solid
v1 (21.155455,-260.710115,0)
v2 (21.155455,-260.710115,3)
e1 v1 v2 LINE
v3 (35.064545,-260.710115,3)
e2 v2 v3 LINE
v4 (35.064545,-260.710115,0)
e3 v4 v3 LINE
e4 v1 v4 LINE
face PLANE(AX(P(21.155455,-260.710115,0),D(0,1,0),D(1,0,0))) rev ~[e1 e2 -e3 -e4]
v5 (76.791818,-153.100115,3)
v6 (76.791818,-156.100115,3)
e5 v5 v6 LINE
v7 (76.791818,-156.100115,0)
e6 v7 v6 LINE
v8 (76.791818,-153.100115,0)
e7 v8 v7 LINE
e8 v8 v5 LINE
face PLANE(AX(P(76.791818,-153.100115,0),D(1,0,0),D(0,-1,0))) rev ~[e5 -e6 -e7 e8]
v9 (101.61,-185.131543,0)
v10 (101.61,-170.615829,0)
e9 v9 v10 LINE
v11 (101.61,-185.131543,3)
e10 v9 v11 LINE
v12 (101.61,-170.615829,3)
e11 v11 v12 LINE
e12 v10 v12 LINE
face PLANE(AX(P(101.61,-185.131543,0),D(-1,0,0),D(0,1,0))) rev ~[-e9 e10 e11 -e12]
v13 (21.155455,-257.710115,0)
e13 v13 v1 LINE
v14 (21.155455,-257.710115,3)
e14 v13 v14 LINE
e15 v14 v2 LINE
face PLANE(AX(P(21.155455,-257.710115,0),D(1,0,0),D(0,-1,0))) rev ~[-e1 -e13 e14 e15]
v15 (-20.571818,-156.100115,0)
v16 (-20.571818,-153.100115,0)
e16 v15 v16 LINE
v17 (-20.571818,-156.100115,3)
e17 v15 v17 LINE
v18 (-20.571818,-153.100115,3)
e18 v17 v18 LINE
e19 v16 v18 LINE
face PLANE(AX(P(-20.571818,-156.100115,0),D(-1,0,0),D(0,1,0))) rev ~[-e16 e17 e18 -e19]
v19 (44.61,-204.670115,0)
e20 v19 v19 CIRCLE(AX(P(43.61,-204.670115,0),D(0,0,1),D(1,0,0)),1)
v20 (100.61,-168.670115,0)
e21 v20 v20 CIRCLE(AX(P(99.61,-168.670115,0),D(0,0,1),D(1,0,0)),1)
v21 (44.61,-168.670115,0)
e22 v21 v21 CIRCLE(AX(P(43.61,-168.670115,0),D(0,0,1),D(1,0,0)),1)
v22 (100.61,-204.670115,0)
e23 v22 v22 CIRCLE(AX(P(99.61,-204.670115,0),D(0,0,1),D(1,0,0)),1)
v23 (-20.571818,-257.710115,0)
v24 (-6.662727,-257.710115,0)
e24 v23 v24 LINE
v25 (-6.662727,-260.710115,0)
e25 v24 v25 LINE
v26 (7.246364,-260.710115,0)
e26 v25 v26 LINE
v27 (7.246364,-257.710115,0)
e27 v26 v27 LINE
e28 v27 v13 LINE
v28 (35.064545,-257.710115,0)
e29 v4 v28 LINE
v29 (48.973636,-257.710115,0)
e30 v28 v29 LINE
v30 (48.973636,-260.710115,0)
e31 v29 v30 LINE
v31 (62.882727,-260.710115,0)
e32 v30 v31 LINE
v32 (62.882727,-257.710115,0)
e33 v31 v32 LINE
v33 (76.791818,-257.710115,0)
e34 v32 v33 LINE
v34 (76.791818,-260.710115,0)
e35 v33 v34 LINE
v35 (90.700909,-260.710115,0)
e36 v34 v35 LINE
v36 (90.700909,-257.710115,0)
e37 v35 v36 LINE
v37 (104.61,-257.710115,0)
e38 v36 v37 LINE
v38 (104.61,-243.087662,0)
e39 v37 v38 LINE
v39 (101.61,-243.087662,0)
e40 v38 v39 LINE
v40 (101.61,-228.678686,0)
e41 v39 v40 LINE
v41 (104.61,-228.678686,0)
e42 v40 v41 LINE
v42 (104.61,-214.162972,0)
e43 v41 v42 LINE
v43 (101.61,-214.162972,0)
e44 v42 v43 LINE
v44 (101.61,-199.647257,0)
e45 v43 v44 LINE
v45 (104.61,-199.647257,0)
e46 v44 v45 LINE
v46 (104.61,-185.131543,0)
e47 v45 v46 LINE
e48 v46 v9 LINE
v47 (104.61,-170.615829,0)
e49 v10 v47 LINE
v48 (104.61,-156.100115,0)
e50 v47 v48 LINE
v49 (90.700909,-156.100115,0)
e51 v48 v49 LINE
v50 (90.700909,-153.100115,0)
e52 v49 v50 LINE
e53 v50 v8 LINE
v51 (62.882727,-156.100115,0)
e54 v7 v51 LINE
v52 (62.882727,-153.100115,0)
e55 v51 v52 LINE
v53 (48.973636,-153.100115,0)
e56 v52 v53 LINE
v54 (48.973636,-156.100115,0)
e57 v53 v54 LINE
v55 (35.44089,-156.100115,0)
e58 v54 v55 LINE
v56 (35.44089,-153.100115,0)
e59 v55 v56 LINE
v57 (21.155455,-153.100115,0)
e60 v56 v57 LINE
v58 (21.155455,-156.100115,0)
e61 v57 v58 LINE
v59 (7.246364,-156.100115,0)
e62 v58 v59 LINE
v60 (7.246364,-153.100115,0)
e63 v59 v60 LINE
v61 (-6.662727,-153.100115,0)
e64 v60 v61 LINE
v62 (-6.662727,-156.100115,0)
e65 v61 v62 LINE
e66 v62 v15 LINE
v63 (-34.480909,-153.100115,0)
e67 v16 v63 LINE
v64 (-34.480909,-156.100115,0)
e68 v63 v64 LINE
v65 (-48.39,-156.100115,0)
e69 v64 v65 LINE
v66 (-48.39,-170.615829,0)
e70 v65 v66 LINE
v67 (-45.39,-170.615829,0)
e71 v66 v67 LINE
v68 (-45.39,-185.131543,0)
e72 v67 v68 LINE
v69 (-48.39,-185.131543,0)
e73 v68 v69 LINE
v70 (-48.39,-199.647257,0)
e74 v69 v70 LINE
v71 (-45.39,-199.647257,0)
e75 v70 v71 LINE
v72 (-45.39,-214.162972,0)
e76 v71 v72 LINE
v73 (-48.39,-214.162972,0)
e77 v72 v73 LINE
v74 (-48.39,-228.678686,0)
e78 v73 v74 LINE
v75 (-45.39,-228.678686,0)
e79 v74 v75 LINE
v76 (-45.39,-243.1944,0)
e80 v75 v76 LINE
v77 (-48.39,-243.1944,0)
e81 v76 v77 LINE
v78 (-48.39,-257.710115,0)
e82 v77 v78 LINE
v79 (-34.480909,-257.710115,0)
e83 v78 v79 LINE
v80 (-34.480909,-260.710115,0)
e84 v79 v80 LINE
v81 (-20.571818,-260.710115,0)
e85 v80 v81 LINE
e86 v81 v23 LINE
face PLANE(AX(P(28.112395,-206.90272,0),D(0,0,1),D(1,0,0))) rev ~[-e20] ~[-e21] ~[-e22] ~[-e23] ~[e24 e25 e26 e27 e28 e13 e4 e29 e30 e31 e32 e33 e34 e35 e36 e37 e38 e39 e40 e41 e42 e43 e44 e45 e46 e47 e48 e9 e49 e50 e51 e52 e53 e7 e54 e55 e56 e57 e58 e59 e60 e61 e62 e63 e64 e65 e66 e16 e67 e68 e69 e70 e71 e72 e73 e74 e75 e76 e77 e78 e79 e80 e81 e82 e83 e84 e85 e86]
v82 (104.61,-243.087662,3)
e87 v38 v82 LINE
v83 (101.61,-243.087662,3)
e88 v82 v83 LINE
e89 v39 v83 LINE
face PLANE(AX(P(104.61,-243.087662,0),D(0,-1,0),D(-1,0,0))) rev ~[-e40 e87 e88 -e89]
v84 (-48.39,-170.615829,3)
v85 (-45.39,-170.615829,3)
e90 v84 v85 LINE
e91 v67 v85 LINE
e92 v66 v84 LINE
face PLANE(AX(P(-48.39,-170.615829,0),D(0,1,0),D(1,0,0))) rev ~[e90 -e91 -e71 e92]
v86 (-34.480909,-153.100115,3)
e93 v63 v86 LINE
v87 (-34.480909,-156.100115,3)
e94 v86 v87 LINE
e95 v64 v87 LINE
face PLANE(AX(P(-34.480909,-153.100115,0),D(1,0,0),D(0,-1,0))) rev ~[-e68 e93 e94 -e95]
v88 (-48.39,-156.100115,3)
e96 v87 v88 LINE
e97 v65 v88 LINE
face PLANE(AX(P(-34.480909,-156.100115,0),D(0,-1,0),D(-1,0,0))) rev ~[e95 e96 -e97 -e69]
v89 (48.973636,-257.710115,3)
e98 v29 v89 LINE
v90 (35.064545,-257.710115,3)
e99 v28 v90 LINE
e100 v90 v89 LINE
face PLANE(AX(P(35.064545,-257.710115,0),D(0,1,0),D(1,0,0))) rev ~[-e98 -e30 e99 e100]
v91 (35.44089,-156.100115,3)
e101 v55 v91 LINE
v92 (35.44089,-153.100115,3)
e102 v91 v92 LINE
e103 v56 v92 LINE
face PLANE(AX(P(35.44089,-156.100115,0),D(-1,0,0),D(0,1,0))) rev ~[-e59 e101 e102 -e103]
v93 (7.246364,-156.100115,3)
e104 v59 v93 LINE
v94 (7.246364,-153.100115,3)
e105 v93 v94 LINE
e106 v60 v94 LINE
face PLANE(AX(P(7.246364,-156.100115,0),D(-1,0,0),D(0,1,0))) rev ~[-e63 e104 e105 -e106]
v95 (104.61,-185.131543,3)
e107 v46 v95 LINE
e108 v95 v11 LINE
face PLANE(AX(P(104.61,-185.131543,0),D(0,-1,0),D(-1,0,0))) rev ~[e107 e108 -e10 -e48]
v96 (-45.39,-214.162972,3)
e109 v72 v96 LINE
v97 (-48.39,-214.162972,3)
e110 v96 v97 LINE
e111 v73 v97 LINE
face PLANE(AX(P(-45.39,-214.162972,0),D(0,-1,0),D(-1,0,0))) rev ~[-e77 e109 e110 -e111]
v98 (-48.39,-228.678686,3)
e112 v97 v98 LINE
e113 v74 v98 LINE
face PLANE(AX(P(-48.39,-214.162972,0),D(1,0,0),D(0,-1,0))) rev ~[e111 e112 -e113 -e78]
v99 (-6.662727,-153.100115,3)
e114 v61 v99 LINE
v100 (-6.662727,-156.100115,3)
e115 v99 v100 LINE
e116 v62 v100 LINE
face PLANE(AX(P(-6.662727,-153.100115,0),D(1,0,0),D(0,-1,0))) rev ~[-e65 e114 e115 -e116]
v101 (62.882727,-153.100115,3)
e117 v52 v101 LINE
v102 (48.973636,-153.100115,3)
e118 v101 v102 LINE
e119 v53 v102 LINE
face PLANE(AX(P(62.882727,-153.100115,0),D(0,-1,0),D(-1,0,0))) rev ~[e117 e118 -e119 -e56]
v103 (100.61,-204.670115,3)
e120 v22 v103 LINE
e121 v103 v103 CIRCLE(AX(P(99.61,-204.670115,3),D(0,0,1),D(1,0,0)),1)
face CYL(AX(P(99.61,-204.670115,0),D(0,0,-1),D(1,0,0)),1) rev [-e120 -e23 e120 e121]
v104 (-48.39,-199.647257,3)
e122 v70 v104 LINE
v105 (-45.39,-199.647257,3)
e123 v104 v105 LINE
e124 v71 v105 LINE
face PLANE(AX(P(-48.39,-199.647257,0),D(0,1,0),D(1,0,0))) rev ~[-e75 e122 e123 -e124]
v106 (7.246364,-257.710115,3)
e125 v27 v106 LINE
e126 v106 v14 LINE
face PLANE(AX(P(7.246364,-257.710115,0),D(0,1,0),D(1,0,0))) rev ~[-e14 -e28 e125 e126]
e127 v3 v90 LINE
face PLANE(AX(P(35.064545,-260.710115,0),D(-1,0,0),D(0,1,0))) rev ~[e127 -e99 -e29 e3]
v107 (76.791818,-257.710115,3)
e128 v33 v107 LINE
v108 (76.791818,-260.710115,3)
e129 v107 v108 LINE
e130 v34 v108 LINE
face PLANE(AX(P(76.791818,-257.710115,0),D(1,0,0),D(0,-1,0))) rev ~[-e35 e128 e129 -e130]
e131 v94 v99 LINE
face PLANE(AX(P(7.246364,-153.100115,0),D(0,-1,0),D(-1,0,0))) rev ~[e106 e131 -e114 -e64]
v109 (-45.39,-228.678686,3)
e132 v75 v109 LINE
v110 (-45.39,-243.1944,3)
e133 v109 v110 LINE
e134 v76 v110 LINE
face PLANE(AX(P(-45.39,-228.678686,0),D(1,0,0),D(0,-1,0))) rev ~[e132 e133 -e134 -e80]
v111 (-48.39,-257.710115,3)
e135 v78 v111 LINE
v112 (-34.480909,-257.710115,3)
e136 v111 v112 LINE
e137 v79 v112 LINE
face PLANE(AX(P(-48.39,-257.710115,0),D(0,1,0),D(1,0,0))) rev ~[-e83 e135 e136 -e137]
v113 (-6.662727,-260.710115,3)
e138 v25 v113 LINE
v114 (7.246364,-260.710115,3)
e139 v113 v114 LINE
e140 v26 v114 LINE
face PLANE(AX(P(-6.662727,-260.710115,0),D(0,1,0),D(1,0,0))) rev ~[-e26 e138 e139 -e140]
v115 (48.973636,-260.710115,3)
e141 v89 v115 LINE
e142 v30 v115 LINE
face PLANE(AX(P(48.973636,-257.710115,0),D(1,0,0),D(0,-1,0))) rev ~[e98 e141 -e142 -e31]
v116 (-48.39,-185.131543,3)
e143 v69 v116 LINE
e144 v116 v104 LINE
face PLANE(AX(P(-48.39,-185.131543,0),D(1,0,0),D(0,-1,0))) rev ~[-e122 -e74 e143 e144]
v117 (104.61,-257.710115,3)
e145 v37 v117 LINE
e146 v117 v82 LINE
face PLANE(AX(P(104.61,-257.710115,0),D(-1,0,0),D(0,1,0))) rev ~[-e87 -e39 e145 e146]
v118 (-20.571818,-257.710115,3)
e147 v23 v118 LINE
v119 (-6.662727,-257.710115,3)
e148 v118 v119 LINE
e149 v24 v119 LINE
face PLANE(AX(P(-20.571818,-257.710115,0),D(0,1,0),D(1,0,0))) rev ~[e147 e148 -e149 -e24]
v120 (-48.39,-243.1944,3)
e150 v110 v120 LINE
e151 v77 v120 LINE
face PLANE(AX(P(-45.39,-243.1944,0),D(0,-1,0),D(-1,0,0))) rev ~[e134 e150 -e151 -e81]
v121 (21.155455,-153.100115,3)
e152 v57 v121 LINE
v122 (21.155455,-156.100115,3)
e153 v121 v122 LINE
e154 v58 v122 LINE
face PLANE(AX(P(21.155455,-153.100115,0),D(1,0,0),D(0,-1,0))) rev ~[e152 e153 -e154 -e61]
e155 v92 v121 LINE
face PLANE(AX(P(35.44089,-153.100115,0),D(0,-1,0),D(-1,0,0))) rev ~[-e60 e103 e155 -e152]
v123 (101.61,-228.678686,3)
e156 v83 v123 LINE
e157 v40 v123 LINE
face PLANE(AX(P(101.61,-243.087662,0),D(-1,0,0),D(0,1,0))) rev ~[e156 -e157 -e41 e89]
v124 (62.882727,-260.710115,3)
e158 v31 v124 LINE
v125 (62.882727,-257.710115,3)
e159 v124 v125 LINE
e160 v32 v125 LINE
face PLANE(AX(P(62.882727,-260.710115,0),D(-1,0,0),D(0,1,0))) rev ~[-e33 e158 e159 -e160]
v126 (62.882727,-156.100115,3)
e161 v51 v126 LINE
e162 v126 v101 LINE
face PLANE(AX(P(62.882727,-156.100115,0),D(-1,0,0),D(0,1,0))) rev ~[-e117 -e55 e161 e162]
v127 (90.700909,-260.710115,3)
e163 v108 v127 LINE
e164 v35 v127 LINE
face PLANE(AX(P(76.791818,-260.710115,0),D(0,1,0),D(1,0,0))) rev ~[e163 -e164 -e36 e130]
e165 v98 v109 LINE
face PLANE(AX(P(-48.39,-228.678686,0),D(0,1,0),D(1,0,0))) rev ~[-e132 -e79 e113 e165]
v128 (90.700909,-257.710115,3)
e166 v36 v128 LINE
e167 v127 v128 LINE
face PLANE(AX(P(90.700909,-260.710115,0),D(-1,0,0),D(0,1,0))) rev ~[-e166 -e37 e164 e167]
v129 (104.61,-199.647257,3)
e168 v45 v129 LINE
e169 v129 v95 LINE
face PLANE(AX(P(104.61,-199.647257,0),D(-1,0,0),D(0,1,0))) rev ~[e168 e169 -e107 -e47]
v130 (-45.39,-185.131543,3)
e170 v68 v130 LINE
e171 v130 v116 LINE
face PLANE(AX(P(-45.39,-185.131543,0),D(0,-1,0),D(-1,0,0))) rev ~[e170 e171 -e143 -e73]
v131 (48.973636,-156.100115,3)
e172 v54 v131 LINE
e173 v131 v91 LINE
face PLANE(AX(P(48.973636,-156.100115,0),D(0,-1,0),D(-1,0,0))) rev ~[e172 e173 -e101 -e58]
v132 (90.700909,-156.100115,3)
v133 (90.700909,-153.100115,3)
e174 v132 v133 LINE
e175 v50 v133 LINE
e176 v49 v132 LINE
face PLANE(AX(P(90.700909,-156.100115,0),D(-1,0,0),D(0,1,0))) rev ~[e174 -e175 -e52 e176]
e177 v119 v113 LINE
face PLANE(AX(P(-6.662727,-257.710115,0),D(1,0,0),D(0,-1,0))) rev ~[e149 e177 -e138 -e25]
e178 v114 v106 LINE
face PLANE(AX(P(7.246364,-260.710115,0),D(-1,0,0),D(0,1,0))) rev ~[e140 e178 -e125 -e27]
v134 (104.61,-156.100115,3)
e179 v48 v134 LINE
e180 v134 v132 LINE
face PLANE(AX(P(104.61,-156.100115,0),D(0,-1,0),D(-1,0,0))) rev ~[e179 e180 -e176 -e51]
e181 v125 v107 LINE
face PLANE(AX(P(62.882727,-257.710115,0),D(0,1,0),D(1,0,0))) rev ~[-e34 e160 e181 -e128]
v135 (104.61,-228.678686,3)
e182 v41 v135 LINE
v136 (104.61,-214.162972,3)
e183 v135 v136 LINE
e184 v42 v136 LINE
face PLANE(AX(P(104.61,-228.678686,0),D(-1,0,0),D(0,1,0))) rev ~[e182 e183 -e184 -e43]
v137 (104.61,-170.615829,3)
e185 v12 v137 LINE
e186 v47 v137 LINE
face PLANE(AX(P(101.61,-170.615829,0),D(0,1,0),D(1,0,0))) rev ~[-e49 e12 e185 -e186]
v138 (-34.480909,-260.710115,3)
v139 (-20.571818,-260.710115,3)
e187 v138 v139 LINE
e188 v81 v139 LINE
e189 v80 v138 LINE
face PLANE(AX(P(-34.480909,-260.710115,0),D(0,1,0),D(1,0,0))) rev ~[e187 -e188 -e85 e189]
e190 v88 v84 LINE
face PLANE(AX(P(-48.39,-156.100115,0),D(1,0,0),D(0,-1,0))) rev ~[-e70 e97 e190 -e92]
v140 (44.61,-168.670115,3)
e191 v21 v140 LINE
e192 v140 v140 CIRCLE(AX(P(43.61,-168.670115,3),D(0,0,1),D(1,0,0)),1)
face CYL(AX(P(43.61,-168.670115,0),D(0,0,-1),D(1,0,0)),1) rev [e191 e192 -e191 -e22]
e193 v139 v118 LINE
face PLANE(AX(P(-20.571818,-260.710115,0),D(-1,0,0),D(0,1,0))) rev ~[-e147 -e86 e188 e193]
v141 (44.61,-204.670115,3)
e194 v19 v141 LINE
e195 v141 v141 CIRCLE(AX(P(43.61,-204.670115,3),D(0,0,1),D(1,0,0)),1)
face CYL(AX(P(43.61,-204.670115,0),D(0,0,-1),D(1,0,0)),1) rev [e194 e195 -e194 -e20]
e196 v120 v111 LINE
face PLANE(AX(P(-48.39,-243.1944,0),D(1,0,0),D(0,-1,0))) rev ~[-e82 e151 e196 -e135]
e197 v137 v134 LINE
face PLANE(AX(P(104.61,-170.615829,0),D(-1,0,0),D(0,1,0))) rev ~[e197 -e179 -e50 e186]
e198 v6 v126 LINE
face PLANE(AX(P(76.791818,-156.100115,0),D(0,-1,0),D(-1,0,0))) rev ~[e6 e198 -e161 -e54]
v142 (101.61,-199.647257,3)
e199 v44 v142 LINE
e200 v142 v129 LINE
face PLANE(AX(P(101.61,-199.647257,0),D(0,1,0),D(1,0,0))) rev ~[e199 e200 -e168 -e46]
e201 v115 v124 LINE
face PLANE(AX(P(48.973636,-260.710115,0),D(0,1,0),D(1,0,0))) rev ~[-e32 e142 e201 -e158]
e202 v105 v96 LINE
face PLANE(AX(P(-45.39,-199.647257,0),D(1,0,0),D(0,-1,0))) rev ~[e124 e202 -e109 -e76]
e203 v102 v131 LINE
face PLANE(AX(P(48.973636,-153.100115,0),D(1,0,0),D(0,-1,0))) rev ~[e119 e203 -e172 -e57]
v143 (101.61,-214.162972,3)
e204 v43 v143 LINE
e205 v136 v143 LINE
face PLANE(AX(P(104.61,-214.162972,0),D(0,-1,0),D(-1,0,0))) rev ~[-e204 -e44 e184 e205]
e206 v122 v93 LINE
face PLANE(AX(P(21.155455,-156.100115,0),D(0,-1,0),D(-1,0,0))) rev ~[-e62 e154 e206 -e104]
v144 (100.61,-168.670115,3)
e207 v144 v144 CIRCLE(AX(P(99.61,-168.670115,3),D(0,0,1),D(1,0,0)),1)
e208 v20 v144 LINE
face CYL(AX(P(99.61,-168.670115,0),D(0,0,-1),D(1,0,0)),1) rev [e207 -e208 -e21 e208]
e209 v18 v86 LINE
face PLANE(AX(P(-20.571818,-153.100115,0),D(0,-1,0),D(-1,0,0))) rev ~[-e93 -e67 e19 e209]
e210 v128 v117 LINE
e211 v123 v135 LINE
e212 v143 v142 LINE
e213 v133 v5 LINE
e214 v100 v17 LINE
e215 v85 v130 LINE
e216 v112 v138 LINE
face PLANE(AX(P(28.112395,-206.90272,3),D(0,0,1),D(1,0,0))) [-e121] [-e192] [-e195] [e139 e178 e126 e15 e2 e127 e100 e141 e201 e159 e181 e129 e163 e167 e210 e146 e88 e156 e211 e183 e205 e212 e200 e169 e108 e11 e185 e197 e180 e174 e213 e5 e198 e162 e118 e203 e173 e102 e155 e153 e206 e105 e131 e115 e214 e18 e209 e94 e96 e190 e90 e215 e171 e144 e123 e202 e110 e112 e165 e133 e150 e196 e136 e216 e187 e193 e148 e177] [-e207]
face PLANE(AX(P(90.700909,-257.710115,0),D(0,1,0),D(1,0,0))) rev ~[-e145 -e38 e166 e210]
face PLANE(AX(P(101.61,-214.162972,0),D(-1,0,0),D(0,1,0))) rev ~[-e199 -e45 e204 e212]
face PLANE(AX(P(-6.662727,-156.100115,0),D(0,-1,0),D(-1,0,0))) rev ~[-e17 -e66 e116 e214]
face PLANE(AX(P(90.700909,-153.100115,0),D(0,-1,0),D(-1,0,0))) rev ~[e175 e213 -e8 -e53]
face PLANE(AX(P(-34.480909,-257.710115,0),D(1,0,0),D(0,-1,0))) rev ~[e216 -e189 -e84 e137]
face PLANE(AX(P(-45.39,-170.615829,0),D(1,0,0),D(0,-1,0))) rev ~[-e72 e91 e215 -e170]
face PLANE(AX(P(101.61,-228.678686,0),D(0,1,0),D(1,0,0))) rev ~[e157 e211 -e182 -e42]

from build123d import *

# Parameters (mm, degrees)
CROQUIS1_R              = 1
SALIENTE_EXTRUIR1_DEPTH = 3


with BuildPart() as part:
    # Croquis1 → Saliente-Extruir1 (new body)
    with BuildSketch(Plane.XY):
        Polygon((-34.480909091, -156.100114598), (-48.39, -156.100114598), (-48.39, -170.615828883), (-45.39, -170.615828883), (-45.39, -185.131543169), (-48.39, -185.131543169), (-48.39, -199.647257455), (-45.39, -199.647257455), (-45.39, -214.162971741), (-48.39, -214.162971741), (-48.39, -228.678686026), (-45.39, -228.678686026), (-45.39, -243.194400312), (-48.39, -243.194400312), (-48.39, -257.710114598), (-34.480909091, -257.710114598), (-34.480909091, -260.710114598), (-20.571818182, -260.710114598), (-20.571818182, -257.710114598), (-6.662727273, -257.710114598), (-6.662727273, -260.710114598), (7.246363636, -260.710114598), (7.246363636, -257.710114598), (21.155454545, -257.710114598), (21.155454545, -260.710114598), (35.064545455, -260.710114598), (35.064545455, -257.710114598), (48.973636364, -257.710114598), (48.973636364, -260.710114598), (62.882727273, -260.710114598), (62.882727273, -257.710114598), (76.791818182, -257.710114598), (76.791818182, -260.710114598), (90.700909091, -260.710114598), (90.700909091, -257.710114598), (104.61, -257.710114598), (104.61, -243.087661526), (101.61, -243.087661526), (101.61, -228.678686026), (104.61, -228.678686026), (104.61, -214.162971741), (101.61, -214.162971741), (101.61, -199.647257455), (104.61, -199.647257455), (104.61, -185.131543169), (101.61, -185.131543169), (101.61, -170.615828883), (104.61, -170.615828883), (104.61, -156.100114598), (90.700909091, -156.100114598), (90.700909091, -153.100114598), (76.791818182, -153.100114598), (76.791818182, -156.100114598), (62.882727273, -156.100114598), (62.882727273, -153.100114598), (48.973636364, -153.100114598), (48.973636364, -156.100114598), (35.440889541, -156.100114598), (35.440889541, -153.100114598), (21.155454545, -153.100114598), (21.155454545, -156.100114598), (7.246363636, -156.100114598), (7.246363636, -153.100114598), (-6.662727273, -153.100114598), (-6.662727273, -156.100114598), (-20.571818182, -156.100114598), (-20.571818182, -153.100114598), (-34.480909091, -153.100114598), align=None)
        with Locations((99.61, -168.670114598)):
            Circle(CROQUIS1_R, mode=Mode.SUBTRACT)
        with Locations((99.61, -204.670114598)):
            Circle(CROQUIS1_R, mode=Mode.SUBTRACT)
        with Locations((43.61, -168.670114598)):
            Circle(CROQUIS1_R, mode=Mode.SUBTRACT)
        with Locations((43.61, -204.670114598)):
            Circle(CROQUIS1_R, mode=Mode.SUBTRACT)
    extrude(amount=SALIENTE_EXTRUIR1_DEPTH)


solid = part.part
